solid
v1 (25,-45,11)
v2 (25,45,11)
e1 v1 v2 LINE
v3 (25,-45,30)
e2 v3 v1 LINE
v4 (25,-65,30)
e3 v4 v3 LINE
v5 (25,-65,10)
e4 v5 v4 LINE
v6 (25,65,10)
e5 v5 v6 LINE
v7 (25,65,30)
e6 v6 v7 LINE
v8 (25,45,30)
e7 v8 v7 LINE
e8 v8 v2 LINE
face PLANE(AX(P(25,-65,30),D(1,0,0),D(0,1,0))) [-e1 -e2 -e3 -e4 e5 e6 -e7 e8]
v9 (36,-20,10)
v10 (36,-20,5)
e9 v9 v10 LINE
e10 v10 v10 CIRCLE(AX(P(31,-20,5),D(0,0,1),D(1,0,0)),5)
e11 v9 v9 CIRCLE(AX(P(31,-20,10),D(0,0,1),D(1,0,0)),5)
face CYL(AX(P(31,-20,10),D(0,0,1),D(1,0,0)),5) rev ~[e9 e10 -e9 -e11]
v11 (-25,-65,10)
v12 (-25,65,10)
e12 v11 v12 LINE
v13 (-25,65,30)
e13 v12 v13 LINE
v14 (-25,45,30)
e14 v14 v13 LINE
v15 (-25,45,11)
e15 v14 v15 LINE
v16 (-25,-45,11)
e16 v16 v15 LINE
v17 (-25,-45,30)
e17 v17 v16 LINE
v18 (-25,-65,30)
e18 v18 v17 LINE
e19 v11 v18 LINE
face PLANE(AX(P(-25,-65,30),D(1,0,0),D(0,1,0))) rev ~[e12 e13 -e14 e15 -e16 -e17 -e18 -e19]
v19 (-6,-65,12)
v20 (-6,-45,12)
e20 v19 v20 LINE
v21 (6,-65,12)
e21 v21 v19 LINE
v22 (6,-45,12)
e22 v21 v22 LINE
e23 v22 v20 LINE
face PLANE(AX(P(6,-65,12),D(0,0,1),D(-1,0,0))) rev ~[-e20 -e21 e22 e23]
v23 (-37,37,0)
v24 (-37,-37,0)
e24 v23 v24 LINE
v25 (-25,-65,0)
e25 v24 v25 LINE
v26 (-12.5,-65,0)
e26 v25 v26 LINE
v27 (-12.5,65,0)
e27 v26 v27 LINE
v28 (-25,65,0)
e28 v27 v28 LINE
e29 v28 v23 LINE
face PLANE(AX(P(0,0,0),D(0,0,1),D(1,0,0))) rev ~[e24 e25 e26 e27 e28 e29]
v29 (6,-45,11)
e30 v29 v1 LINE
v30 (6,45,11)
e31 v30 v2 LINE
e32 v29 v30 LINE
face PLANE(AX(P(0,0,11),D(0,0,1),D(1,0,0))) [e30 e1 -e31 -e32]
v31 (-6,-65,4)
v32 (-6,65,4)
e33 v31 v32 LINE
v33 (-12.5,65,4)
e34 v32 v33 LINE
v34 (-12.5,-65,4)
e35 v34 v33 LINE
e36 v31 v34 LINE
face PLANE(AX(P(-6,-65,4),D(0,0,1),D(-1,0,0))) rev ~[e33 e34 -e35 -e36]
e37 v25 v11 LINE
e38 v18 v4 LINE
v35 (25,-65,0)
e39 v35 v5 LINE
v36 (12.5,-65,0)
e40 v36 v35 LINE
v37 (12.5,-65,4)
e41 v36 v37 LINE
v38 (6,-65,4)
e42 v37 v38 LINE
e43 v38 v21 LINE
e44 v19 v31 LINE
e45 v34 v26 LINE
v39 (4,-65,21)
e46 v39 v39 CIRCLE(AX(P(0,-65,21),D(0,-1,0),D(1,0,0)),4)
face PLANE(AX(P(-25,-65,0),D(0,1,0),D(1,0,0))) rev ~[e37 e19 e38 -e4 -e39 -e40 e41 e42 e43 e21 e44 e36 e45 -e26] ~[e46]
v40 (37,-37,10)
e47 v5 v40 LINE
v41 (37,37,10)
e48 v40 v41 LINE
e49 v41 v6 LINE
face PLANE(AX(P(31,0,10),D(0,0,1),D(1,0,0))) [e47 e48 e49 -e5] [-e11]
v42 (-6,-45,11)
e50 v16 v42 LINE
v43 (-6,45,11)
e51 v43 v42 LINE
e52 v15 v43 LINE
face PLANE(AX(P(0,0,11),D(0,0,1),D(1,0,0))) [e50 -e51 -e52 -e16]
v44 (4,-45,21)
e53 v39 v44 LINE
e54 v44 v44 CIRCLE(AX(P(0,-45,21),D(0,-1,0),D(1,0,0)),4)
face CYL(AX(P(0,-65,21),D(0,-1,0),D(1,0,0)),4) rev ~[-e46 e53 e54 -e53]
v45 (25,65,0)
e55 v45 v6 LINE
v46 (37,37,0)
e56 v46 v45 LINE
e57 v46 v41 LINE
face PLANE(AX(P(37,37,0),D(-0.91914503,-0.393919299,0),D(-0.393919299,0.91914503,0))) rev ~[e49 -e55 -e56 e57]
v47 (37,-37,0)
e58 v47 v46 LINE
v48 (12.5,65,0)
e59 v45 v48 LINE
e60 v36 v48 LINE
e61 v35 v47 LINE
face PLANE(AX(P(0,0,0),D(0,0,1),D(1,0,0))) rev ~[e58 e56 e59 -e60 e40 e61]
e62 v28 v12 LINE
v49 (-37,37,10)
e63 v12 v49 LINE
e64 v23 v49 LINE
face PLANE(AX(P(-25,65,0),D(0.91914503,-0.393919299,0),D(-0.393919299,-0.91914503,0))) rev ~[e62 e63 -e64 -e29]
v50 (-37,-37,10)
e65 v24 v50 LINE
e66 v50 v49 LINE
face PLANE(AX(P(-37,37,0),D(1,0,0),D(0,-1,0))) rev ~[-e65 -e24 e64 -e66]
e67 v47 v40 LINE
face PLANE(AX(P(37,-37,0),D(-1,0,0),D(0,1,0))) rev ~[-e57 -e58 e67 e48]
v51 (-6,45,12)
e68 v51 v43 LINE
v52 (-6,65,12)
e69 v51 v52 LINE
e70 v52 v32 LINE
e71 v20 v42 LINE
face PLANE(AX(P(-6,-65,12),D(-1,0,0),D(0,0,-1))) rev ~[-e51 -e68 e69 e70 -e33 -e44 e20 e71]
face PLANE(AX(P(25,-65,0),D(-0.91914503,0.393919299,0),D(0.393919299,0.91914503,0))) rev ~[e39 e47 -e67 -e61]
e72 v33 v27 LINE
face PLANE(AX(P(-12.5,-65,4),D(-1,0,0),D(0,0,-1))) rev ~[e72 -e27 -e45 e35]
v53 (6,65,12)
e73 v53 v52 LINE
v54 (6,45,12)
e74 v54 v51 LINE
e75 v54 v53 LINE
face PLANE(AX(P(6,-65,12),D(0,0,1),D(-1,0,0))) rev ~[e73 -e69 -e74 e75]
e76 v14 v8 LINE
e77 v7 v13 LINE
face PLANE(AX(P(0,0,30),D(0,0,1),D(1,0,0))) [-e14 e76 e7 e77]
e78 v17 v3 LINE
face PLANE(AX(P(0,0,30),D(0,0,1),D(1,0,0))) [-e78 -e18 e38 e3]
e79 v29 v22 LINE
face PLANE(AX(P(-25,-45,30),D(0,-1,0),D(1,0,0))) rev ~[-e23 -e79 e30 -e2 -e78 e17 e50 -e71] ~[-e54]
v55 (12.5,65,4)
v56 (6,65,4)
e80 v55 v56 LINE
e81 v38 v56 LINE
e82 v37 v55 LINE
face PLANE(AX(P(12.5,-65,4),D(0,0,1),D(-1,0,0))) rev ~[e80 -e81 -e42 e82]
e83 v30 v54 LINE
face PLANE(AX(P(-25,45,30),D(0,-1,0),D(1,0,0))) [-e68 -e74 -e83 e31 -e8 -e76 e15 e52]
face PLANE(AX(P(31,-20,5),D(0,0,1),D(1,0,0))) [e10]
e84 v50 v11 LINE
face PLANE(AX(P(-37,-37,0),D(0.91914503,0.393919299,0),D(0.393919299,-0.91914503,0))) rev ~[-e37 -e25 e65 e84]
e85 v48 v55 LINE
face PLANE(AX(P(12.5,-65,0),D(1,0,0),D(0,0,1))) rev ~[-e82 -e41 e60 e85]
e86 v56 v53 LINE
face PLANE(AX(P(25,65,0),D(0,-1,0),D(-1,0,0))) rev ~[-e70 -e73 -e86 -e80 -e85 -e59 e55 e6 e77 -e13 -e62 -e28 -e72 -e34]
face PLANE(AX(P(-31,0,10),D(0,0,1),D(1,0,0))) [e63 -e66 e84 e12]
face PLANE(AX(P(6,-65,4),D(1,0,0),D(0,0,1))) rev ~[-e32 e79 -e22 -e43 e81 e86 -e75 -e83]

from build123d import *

# Parameters (mm, degrees)
F1_DEPTH  = 30
F2_W      = 12
F2_H      = 130
F3_DEPTH  = 20
F4_W      = 50
F4_H      = 90
F5_DEPTH  = 19
F7_DEPTH  = 130.001
F8_R      = 4
F9_DEPTH  = 20
F10_R     = 5
F11_DEPTH = 5


with BuildPart() as f1:
    # F0 (on Top) → F1 (new body)
    with BuildSketch(Plane.XY):
        Polygon((37, 37), (25, 65), (-25, 65), (-37, 37), (-37, -37), (-25, -65), (25, -65), (37, -37), align=None)
    extrude(amount=F1_DEPTH)

    # F2 (on face) → F3 (cut)
    with BuildSketch(Plane.XY.offset(30)):
        with Locations((31, 0)):
            Rectangle(F2_W, F2_H)
        with Locations((-31, 0)):
            Rectangle(F2_W, F2_H)
    extrude(amount=-F3_DEPTH, mode=Mode.SUBTRACT)

    # F4 (on face) → F5 (cut)
    with BuildSketch(Plane.XY.offset(30)):
        Rectangle(F4_W, F4_H)
    extrude(amount=-F5_DEPTH, mode=Mode.SUBTRACT)

    # F6 (on face) → F7 (cut, through all)
    with BuildSketch(Plane.XZ.offset(65)):
        Polygon((-12.5, 4), (-12.5, 0), (12.5, 0), (12.5, 4), (6, 4), (6, 12), (-6, 12), (-6, 4), align=None)
    extrude(amount=-F7_DEPTH, mode=Mode.SUBTRACT)

    # F8 (on face) → F9 (cut, through all)
    with BuildSketch(Plane.XZ.offset(65)):
        with Locations((0, 21)):
            Circle(F8_R)
    extrude(amount=-F9_DEPTH, mode=Mode.SUBTRACT)

    # F10 (on face) → F11 (cut)
    with BuildSketch(Plane.XY.offset(10)):
        with Locations((31, -20)):
            Circle(F10_R)
    extrude(amount=-F11_DEPTH, mode=Mode.SUBTRACT)


solid = f1.part
